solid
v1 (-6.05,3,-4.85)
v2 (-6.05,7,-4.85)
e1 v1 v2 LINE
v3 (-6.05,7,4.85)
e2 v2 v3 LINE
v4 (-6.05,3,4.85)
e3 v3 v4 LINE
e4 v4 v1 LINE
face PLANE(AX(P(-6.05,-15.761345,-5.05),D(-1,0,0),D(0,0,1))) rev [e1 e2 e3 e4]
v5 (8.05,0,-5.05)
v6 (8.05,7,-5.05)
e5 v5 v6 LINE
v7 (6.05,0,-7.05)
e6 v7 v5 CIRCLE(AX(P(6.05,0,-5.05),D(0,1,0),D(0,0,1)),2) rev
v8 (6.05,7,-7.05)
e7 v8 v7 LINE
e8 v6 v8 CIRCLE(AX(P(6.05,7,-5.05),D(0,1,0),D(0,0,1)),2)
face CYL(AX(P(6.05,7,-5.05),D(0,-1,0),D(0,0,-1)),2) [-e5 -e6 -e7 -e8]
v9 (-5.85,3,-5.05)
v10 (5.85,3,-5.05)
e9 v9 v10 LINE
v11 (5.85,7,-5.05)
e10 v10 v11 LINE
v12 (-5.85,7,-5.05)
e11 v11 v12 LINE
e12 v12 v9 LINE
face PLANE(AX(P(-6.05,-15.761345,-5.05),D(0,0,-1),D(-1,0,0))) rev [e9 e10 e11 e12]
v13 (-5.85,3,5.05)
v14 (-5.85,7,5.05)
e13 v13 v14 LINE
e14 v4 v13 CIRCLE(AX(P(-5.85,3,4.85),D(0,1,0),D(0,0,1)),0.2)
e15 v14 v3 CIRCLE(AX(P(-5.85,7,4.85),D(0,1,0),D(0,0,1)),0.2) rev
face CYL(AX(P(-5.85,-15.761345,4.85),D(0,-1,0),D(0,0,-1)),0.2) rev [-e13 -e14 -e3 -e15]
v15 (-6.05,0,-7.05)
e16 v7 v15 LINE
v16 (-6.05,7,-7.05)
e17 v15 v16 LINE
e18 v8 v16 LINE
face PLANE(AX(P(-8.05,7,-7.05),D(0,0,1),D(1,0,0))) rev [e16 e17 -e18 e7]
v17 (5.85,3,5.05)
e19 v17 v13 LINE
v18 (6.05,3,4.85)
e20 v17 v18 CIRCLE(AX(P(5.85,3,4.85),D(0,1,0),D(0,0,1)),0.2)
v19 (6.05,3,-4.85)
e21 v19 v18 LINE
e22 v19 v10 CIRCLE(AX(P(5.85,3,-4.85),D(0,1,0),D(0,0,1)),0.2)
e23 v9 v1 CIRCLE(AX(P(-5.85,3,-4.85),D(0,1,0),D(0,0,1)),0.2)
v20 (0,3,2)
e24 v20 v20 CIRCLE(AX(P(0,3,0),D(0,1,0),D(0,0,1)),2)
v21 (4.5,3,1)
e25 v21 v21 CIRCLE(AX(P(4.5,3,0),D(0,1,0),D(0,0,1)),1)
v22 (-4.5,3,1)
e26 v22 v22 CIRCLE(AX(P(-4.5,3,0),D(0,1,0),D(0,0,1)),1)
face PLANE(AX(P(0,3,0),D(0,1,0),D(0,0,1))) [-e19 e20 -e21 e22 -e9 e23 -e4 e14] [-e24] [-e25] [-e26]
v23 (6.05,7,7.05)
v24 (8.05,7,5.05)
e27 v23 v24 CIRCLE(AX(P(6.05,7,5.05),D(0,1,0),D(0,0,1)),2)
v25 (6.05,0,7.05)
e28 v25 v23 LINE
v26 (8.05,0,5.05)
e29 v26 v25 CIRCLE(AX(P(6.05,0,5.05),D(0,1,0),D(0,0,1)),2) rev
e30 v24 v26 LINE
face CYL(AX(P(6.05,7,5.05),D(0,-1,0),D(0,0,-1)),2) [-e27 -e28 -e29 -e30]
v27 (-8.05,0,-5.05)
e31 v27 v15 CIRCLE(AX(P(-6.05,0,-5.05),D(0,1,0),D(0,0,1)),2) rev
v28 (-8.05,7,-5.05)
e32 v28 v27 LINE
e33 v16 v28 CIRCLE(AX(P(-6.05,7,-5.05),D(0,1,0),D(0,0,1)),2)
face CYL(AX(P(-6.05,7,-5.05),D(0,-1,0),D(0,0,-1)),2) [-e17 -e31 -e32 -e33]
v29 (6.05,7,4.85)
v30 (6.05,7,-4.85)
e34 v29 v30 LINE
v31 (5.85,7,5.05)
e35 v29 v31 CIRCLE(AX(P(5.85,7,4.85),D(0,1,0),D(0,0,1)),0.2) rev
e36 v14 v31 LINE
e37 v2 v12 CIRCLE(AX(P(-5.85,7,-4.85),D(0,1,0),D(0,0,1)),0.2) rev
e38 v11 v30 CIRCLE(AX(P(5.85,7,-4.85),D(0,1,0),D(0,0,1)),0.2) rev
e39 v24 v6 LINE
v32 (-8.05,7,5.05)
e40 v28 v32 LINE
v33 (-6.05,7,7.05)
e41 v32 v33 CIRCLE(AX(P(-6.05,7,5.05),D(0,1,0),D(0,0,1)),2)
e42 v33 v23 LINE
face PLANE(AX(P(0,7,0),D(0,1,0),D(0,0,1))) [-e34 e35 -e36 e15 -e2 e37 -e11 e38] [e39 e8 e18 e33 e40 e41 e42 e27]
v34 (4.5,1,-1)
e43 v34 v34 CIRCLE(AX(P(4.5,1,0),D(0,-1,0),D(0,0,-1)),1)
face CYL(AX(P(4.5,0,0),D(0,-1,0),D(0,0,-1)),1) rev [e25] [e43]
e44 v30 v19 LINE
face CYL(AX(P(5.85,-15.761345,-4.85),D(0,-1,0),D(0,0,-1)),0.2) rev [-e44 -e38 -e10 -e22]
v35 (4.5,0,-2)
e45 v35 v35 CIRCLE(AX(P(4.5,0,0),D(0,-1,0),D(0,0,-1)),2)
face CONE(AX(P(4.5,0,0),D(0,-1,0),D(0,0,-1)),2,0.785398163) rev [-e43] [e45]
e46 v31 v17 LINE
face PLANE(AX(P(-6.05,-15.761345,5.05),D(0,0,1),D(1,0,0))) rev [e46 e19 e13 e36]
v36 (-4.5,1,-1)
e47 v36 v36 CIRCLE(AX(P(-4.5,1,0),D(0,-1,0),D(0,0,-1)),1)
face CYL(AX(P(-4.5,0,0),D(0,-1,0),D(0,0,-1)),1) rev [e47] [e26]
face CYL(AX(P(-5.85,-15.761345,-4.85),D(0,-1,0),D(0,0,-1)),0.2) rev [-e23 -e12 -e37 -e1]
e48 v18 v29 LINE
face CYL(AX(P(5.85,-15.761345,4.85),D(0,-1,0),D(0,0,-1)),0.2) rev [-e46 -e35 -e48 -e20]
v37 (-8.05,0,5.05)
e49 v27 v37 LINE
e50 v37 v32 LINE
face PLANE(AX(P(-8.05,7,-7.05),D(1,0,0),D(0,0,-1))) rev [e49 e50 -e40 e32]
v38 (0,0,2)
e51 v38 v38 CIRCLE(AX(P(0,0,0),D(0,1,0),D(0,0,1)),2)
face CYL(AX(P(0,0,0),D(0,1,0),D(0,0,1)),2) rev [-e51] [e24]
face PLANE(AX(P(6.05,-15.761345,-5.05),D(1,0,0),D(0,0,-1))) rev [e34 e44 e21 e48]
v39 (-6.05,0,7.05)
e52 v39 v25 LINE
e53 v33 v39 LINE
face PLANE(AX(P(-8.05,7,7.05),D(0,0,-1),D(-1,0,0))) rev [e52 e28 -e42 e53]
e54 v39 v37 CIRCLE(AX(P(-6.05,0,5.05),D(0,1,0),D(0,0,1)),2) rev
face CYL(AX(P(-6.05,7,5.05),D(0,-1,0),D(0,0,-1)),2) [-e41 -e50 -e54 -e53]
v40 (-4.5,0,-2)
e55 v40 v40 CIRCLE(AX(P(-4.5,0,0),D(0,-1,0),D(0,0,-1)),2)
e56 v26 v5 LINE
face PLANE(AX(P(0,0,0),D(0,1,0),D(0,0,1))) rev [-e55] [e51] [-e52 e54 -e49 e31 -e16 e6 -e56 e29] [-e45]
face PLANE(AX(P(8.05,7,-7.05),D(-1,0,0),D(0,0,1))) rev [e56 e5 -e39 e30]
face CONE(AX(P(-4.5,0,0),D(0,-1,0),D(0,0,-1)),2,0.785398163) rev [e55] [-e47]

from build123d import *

# Parameters (mm, degrees)
SKETCH1_W                                            = 16.1
SKETCH1_H                                            = 14.1
BOSS_EXTRUDE1_DEPTH                                  = 7
SKETCH3_W                                            = 12.1
SKETCH3_H                                            = 10.1
CUT_EXTRUDE1_DEPTH                                   = 4
CSK_FOR_M1_6_COUNTERSUNK_FLAT_HEAD_SCREW_D           = 2
CSK_FOR_M1_6_COUNTERSUNK_FLAT_HEAD_SCREW_DEPTH       = 3
CSK_FOR_M1_6_COUNTERSUNK_FLAT_HEAD_SCREW_CSINK_D     = 4
CSK_FOR_M1_6_COUNTERSUNK_FLAT_HEAD_SCREW_CSINK_ANGLE = 90
SKETCH8_R                                            = 2
CUT_EXTRUDE2_DEPTH                                   = 4
FILLET1_R                                            = 2
FILLET2_R                                            = 0.2


with BuildPart() as part:
    # Sketch1 → Boss-Extrude1 (new body)
    with BuildSketch(Plane(origin=(0, 0, 0), x_dir=(1, 0, 0), z_dir=(0, 1, 0))):
        Rectangle(SKETCH1_W, SKETCH1_H)
    extrude(amount=BOSS_EXTRUDE1_DEPTH)

    # Sketch3 → Cut-Extrude1 (cut)
    with BuildSketch(Plane(origin=(0, 7, 0), x_dir=(1, 0, 0), z_dir=(0, 1, 0))):
        Rectangle(SKETCH3_W, SKETCH3_H)
    extrude(amount=-CUT_EXTRUDE1_DEPTH, mode=Mode.SUBTRACT)

    # CSK for M1.6 Countersunk Flat Head Screw1
    with Locations(Plane(origin=(0, 0, 0), x_dir=(-1, 0, 0), z_dir=(0, -1, 0))):
        with Locations((4.5, 0), (-4.5, 0)):
            CounterSinkHole(CSK_FOR_M1_6_COUNTERSUNK_FLAT_HEAD_SCREW_D / 2, CSK_FOR_M1_6_COUNTERSUNK_FLAT_HEAD_SCREW_CSINK_D / 2, depth=CSK_FOR_M1_6_COUNTERSUNK_FLAT_HEAD_SCREW_DEPTH, counter_sink_angle=CSK_FOR_M1_6_COUNTERSUNK_FLAT_HEAD_SCREW_CSINK_ANGLE)

    # Sketch8 → Cut-Extrude2 (cut, through all)
    with BuildSketch(Plane(origin=(0, 3, 0), x_dir=(1, 0, 0), z_dir=(0, 1, 0))):
        Circle(SKETCH8_R)
    extrude(amount=-CUT_EXTRUDE2_DEPTH, mode=Mode.SUBTRACT)

    # Fillet1
    fillet1_edges = [part.edges().sort_by_distance(p)[0] for p in [
        (-8.05, 3.5, -7.05),
        (8.05, 3.5, -7.05),
        (8.05, 3.5, 7.05),
        (-8.05, 3.5, 7.05),
    ]]
    fillet(fillet1_edges, radius=FILLET1_R)

    # Fillet2
    fillet2_edges = [part.edges().sort_by_distance(p)[0] for p in [
        (-6.05, 5, 5.05),
        (-6.05, 5, -5.05),
        (6.05, 5, -5.05),
        (6.05, 5, 5.05),
    ]]
    fillet(fillet2_edges, radius=FILLET2_R)


solid = part.part
